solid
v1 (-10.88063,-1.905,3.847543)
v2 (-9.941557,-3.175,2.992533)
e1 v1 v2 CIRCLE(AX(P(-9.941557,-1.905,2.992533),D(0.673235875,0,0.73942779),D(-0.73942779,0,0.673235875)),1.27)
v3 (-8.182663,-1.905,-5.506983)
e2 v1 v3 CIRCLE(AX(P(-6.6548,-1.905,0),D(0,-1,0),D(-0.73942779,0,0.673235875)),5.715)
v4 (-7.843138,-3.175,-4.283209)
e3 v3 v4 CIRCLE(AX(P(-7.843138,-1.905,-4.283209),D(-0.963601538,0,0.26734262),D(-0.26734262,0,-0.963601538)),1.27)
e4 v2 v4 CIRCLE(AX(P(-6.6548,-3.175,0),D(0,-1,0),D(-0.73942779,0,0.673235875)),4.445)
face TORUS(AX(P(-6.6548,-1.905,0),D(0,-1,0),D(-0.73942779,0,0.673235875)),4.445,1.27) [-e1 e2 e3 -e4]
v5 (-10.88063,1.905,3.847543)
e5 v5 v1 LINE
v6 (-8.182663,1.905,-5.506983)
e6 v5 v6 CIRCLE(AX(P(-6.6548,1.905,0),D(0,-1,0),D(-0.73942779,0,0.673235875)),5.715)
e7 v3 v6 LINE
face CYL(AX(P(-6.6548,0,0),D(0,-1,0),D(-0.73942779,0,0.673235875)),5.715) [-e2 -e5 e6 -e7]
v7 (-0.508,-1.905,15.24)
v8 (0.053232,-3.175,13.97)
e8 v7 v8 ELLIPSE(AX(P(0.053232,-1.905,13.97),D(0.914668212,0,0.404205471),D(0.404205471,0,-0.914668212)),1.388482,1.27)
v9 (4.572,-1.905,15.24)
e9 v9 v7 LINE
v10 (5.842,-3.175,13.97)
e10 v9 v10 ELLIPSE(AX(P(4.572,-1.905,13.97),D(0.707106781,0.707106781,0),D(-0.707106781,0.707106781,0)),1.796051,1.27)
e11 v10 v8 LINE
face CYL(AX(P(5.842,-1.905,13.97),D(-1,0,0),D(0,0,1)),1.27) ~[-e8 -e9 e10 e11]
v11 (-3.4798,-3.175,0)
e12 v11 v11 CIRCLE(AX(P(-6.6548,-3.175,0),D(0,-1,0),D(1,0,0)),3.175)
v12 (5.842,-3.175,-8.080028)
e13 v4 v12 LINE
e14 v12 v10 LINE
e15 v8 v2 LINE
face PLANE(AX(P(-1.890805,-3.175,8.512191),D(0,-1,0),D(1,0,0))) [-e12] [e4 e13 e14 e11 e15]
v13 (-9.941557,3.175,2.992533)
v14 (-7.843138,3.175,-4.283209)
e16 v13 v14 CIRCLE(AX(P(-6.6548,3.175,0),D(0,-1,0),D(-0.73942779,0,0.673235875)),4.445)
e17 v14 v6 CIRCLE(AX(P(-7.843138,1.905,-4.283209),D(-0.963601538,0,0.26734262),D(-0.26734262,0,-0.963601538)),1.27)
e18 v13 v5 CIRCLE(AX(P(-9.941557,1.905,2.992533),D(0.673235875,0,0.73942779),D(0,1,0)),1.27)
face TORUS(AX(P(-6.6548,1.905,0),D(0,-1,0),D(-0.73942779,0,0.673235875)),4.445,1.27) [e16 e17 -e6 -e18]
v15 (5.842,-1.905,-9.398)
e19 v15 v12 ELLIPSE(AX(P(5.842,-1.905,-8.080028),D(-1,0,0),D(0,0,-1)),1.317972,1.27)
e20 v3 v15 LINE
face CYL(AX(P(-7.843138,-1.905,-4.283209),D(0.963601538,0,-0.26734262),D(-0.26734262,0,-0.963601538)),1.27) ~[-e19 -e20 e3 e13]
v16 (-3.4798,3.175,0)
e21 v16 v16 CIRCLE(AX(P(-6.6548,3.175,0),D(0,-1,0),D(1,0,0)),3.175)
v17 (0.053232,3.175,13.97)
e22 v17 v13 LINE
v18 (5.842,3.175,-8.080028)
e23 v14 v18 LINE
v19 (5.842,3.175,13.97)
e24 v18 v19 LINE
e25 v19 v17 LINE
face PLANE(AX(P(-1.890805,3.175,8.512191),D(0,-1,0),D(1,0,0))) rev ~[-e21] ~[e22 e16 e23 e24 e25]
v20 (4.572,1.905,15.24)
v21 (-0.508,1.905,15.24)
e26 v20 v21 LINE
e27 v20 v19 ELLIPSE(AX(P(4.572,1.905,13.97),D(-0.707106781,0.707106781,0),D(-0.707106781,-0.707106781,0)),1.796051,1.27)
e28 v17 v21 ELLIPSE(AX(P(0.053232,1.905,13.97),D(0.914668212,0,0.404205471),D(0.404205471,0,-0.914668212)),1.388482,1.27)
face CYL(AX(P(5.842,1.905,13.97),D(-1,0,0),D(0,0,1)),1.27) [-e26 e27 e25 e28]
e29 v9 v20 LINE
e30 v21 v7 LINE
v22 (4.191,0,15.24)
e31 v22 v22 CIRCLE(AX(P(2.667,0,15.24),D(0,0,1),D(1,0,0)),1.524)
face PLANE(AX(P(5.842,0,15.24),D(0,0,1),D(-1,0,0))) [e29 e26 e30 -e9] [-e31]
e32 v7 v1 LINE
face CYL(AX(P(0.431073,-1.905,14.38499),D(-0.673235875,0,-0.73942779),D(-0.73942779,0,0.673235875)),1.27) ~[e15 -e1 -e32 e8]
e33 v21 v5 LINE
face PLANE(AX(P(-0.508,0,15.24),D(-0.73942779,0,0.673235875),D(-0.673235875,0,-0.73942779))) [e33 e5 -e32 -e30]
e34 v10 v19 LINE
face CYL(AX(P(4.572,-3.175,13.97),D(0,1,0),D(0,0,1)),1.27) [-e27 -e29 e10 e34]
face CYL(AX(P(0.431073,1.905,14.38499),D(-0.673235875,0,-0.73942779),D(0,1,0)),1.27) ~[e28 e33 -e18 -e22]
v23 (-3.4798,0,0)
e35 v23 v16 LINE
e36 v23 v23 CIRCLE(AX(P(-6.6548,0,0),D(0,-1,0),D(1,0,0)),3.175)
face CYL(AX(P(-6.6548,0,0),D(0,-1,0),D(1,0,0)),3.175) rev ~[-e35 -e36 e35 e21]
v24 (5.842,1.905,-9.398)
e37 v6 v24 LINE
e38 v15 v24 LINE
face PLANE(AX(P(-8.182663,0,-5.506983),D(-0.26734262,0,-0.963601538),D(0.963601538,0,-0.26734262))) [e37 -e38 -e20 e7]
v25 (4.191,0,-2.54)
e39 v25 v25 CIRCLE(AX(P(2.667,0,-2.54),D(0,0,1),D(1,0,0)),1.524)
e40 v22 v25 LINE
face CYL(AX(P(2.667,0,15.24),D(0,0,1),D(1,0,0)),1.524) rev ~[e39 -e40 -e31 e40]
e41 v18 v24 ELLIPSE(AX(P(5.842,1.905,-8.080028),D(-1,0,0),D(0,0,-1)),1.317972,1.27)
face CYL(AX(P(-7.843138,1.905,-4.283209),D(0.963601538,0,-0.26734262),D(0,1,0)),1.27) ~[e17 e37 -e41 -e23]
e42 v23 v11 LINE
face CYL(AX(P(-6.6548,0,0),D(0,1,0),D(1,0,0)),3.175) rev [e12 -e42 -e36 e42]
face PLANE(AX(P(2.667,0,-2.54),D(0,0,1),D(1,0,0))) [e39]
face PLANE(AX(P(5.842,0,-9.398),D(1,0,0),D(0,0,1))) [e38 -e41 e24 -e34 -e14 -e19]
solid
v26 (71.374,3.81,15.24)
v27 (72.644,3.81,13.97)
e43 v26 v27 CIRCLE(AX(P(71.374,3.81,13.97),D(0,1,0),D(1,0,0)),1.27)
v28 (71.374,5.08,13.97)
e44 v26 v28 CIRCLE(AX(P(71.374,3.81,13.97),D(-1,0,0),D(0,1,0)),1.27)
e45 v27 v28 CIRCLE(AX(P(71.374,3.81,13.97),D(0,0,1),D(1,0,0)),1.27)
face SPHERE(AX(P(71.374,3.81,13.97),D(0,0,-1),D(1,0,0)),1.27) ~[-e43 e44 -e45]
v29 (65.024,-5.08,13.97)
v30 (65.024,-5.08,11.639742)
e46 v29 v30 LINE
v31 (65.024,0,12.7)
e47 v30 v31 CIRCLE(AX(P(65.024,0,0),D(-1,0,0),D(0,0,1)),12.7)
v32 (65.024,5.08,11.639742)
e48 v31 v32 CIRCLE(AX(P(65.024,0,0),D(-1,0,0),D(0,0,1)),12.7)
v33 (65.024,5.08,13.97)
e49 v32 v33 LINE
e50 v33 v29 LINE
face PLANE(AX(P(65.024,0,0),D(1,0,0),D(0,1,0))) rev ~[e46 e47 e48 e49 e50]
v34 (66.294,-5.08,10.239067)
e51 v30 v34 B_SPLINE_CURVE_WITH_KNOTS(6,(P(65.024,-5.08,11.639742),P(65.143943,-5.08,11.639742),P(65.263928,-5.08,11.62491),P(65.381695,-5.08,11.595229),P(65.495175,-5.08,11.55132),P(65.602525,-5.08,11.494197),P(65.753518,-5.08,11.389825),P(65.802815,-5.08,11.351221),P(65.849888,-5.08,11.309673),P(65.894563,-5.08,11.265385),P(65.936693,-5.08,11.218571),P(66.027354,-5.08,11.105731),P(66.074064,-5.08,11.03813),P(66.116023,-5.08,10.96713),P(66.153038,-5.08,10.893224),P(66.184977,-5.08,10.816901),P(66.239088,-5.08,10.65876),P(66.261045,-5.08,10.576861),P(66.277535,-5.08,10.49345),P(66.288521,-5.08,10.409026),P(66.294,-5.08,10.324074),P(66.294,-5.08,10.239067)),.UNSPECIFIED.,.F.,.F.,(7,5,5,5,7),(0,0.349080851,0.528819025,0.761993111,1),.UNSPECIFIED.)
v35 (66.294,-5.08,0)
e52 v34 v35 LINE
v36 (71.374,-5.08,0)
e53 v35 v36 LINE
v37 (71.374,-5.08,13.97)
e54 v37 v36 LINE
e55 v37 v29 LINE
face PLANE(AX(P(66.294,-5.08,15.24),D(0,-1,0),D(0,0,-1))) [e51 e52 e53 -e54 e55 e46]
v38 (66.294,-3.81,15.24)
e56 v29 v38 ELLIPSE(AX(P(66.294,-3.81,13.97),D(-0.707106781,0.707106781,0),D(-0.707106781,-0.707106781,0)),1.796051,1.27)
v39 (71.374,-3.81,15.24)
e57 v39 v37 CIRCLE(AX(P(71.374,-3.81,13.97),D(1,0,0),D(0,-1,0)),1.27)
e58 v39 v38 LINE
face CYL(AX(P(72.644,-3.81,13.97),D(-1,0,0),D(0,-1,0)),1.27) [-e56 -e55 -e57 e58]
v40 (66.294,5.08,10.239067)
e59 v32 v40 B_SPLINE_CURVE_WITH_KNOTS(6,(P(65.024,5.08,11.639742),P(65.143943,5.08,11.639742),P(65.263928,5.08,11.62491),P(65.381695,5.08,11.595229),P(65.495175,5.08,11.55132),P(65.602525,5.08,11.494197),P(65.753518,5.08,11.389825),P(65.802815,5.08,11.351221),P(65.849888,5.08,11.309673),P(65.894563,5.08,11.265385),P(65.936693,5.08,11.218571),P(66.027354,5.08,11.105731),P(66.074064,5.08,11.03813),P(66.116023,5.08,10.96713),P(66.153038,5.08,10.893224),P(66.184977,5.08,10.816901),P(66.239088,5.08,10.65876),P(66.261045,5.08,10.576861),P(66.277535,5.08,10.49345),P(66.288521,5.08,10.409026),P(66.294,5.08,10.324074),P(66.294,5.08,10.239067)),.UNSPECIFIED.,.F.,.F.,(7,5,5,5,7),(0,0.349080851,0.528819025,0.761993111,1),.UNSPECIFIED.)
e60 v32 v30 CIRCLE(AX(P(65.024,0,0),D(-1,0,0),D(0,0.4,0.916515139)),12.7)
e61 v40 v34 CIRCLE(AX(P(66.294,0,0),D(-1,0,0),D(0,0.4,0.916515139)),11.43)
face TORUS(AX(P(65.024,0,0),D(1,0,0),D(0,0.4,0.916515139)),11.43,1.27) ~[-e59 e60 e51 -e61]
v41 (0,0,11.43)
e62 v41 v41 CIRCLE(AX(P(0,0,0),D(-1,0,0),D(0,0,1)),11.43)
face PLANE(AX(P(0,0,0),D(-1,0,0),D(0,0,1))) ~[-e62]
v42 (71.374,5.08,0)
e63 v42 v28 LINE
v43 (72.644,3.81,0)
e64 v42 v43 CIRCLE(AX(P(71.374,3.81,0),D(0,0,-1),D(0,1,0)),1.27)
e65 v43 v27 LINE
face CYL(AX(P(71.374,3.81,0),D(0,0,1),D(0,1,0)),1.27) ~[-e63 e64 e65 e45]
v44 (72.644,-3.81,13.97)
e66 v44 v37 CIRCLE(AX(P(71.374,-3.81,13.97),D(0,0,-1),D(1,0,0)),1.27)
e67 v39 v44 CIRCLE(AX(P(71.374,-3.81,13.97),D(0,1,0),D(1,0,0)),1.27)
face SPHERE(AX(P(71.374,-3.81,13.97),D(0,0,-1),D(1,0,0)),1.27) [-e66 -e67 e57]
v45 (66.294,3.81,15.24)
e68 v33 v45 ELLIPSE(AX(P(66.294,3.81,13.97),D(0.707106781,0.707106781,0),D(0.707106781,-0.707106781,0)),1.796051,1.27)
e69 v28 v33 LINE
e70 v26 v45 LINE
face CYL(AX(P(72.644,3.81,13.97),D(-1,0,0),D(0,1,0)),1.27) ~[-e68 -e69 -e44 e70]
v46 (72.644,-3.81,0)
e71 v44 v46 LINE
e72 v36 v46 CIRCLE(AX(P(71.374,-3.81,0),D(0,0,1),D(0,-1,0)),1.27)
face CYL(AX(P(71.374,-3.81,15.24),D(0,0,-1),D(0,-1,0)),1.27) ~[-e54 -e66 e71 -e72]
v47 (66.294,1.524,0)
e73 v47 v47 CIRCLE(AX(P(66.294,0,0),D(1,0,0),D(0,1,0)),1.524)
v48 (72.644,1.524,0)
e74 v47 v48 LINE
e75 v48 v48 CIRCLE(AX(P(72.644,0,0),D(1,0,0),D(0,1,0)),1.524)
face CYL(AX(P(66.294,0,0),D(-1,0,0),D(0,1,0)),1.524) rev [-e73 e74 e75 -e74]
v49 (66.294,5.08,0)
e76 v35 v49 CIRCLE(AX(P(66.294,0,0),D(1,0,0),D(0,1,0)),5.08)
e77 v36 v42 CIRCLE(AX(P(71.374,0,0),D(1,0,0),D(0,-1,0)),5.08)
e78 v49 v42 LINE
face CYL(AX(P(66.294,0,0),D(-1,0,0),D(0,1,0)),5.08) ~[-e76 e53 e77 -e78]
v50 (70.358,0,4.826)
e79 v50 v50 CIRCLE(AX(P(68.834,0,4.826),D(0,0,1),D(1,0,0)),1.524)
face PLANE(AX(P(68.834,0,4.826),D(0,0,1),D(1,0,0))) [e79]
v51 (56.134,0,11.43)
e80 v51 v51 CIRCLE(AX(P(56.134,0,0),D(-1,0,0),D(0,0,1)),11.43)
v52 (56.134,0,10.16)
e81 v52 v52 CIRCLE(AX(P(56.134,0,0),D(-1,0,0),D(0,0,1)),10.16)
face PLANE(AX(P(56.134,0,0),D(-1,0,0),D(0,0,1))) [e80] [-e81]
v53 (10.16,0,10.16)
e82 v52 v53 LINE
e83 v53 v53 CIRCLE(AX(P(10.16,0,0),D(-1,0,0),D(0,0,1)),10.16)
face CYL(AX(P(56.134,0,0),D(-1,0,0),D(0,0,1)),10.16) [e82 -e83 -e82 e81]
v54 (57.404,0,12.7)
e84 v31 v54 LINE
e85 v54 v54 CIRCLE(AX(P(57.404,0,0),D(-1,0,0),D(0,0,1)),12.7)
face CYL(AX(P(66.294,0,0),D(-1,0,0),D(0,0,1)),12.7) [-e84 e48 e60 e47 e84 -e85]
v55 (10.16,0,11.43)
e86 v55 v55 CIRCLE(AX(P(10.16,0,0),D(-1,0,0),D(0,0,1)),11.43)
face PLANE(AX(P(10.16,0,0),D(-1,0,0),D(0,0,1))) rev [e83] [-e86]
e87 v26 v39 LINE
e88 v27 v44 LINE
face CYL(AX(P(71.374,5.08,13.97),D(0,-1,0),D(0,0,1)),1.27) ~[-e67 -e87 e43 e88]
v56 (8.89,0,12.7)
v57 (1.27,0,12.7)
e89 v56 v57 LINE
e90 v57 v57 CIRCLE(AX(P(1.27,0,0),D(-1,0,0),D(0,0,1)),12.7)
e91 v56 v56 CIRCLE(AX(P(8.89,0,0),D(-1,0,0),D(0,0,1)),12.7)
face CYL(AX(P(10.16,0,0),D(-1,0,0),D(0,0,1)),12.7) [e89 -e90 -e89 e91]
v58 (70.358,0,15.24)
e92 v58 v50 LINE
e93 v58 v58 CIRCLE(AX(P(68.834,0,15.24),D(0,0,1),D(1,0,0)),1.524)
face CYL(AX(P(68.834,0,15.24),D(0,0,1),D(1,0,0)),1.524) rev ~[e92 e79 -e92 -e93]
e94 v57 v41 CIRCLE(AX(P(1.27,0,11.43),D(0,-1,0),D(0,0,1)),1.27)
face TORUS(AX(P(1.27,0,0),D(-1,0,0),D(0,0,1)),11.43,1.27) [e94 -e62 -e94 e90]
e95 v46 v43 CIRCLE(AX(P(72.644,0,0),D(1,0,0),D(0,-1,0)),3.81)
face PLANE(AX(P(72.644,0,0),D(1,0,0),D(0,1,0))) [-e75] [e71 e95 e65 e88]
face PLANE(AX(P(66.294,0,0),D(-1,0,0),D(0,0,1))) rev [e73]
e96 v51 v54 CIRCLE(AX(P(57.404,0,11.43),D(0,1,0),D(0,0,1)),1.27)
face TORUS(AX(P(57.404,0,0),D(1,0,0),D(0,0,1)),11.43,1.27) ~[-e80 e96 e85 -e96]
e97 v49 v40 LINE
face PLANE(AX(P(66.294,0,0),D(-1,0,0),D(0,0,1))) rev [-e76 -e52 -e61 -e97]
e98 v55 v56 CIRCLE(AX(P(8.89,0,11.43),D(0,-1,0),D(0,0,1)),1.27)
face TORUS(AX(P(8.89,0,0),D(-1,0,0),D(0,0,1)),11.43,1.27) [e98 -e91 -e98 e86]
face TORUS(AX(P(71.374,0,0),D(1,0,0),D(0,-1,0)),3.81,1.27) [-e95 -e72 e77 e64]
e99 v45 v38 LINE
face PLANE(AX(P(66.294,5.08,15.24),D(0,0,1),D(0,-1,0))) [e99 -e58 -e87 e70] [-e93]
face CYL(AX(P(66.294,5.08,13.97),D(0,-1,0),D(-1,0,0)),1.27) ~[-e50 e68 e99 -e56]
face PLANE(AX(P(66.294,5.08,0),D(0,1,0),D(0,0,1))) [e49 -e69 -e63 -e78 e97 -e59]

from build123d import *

# Parameters (mm, degrees)
F0_W          = 5.842
F0_H          = 12.7
F0_R          = 3.175
F2_DEPTH      = 3.175
F2_DEPTH_BACK = 3.175
F3_R          = 1.524
F4_DEPTH      = 6.35
F4_DEPTH_BACK = 1.27
F6_R          = 1.524
F7_DEPTH      = 17.78
F5_R          = 1.524
F8_DEPTH      = 10.414
F9_R          = 1.27
F9_2_R        = 1.27
F10_R         = 1.27


with BuildPart() as f1:
    # F0 (on Front) → F1 (revolve)
    with BuildSketch(Plane.XZ):
        Polygon((5.842, 12.7), (5.842, 0), (66.294, 0), (66.294, 12.7), (56.134, 12.7), (56.134, 10.16), (10.16, 10.16), (10.16, 12.7), align=None)
        with Locations((2.921, 6.35)):
            Rectangle(F0_W, F0_H)
    revolve(axis=Axis((33.147, 0, 0), (-1, 0, 0)))

    # F3 (on face) → F4 (join, two sides)
    with BuildSketch(Plane.YZ.offset(66.294)) as f4_sk:
        with BuildLine():
            ThreePointArc((-5.08, 0), (0, -5.08), (5.08, 0))
            ThreePointArc((5.08, 0), (0, 5.08), (-5.08, 0))
        make_face()
        Circle(F3_R, mode=Mode.SUBTRACT)
        with BuildLine():
            ThreePointArc((-5.08, 0), (0, 5.08), (5.08, 0))
            Line((5.08, 0), (5.08, 15.24))
            Line((5.08, 15.24), (-5.08, 15.24))
            Line((-5.08, 15.24), (-5.08, 0))
        make_face()
    extrude(amount=F4_DEPTH)
    extrude(f4_sk.sketch, amount=-F4_DEPTH_BACK)

    # F5 (on face) → F8 (cut)
    with BuildSketch(Plane.XY.offset(15.24)):
        with Locations((68.834, 0)):
            Circle(F5_R)
    extrude(amount=-F8_DEPTH, mode=Mode.SUBTRACT)

    # F9#2
    f9_2_edges = [f1.edges().sort_by_distance(p)[0] for p in [
        (0, 0, -12.7),
        (10.16, 0, -12.7),
    ]]
    fillet(f9_2_edges, radius=F9_2_R)

    # F10
    f10_edges = [f1.edges().sort_by_distance(p)[0] for p in [
        (72.644, -5.08, 7.62),
        (72.644, 0, -5.08),
        (72.644, 5.08, 7.62),
        (72.644, 0, 15.24),
        (65.024, 0, 15.24),
        (68.834, -5.08, 15.24),
        (68.834, 5.08, 15.24),
        (66.294, 0, -12.7),
        (56.134, 0, -12.7),
    ]]
    fillet(f10_edges, radius=F10_R)


with BuildPart() as f2:
    # F0 (on Front) → F2 (new body, two sides)
    with BuildSketch(Plane.XZ) as f2_sk:
        with BuildLine():
            Line((-0.9398, 0), (0, 0))
            Line((0, 0), (0, 12.7))
            Line((0, 12.7), (5.842, 12.7))
            Line((5.842, 12.7), (5.842, 15.24))
            Line((5.842, 15.24), (-0.508, 15.24))
            Line((-0.508, 15.24), (-10.8806298187, 3.8475430269))
            ThreePointArc((-10.8806298187, 3.8475430269), (-4.5919612295, 5.3297205562), (-0.9398, 0))
        make_face()
        with BuildLine():
            ThreePointArc((-8.1826630726, -5.5069827884), (-3.1957909266, -4.5493385486), (-0.9398, 0))
            ThreePointArc((-0.9398, 0), (-4.5919612295, 5.3297205562), (-10.8806298187, 3.8475430269))
            ThreePointArc((-10.8806298187, 3.8475430269), (-12.1459778134, -1.5837270034), (-8.1826630726, -5.5069827884))
        make_face()
        with Locations((-6.6548, 0)):
            Circle(F0_R, mode=Mode.SUBTRACT)
        with BuildLine():
            Line((5.842, 0), (0, 0))
            Line((0, 0), (-0.9398, 0))
            ThreePointArc((-0.9398, 0), (-3.1957909266, -4.5493385486), (-8.1826630726, -5.5069827884))
            Line((-8.1826630726, -5.5069827884), (5.842, -9.398))
            Line((5.842, -9.398), (5.842, 0))
        make_face()
        with Locations((2.921, 6.35)):
            Rectangle(F0_W, F0_H)
    extrude(amount=F2_DEPTH)
    extrude(f2_sk.sketch, amount=-F2_DEPTH_BACK)

    # F6 (on face) → F7 (cut)
    with BuildSketch(Plane.XY.offset(15.24)):
        with Locations((2.667, 0)):
            Circle(F6_R)
    extrude(amount=-F7_DEPTH, mode=Mode.SUBTRACT)

    # F9
    f9_edges = [f2.edges().sort_by_distance(p)[0] for p in [
        (-5.694315, -3.175, 9.543772),
        (-5.694315, 3.175, 9.543772),
        (-12.145978, 3.175, -1.583727),
        (-1.170332, -3.175, -7.452491),
        (-12.145978, -3.175, -1.583727),
        (-1.170332, 3.175, -7.452491),
        (2.667, -3.175, 15.24),
        (2.667, 3.175, 15.24),
        (5.842, 0, 15.24),
    ]]
    fillet(f9_edges, radius=F9_R)


solid = Compound([f1.part, f2.part])
